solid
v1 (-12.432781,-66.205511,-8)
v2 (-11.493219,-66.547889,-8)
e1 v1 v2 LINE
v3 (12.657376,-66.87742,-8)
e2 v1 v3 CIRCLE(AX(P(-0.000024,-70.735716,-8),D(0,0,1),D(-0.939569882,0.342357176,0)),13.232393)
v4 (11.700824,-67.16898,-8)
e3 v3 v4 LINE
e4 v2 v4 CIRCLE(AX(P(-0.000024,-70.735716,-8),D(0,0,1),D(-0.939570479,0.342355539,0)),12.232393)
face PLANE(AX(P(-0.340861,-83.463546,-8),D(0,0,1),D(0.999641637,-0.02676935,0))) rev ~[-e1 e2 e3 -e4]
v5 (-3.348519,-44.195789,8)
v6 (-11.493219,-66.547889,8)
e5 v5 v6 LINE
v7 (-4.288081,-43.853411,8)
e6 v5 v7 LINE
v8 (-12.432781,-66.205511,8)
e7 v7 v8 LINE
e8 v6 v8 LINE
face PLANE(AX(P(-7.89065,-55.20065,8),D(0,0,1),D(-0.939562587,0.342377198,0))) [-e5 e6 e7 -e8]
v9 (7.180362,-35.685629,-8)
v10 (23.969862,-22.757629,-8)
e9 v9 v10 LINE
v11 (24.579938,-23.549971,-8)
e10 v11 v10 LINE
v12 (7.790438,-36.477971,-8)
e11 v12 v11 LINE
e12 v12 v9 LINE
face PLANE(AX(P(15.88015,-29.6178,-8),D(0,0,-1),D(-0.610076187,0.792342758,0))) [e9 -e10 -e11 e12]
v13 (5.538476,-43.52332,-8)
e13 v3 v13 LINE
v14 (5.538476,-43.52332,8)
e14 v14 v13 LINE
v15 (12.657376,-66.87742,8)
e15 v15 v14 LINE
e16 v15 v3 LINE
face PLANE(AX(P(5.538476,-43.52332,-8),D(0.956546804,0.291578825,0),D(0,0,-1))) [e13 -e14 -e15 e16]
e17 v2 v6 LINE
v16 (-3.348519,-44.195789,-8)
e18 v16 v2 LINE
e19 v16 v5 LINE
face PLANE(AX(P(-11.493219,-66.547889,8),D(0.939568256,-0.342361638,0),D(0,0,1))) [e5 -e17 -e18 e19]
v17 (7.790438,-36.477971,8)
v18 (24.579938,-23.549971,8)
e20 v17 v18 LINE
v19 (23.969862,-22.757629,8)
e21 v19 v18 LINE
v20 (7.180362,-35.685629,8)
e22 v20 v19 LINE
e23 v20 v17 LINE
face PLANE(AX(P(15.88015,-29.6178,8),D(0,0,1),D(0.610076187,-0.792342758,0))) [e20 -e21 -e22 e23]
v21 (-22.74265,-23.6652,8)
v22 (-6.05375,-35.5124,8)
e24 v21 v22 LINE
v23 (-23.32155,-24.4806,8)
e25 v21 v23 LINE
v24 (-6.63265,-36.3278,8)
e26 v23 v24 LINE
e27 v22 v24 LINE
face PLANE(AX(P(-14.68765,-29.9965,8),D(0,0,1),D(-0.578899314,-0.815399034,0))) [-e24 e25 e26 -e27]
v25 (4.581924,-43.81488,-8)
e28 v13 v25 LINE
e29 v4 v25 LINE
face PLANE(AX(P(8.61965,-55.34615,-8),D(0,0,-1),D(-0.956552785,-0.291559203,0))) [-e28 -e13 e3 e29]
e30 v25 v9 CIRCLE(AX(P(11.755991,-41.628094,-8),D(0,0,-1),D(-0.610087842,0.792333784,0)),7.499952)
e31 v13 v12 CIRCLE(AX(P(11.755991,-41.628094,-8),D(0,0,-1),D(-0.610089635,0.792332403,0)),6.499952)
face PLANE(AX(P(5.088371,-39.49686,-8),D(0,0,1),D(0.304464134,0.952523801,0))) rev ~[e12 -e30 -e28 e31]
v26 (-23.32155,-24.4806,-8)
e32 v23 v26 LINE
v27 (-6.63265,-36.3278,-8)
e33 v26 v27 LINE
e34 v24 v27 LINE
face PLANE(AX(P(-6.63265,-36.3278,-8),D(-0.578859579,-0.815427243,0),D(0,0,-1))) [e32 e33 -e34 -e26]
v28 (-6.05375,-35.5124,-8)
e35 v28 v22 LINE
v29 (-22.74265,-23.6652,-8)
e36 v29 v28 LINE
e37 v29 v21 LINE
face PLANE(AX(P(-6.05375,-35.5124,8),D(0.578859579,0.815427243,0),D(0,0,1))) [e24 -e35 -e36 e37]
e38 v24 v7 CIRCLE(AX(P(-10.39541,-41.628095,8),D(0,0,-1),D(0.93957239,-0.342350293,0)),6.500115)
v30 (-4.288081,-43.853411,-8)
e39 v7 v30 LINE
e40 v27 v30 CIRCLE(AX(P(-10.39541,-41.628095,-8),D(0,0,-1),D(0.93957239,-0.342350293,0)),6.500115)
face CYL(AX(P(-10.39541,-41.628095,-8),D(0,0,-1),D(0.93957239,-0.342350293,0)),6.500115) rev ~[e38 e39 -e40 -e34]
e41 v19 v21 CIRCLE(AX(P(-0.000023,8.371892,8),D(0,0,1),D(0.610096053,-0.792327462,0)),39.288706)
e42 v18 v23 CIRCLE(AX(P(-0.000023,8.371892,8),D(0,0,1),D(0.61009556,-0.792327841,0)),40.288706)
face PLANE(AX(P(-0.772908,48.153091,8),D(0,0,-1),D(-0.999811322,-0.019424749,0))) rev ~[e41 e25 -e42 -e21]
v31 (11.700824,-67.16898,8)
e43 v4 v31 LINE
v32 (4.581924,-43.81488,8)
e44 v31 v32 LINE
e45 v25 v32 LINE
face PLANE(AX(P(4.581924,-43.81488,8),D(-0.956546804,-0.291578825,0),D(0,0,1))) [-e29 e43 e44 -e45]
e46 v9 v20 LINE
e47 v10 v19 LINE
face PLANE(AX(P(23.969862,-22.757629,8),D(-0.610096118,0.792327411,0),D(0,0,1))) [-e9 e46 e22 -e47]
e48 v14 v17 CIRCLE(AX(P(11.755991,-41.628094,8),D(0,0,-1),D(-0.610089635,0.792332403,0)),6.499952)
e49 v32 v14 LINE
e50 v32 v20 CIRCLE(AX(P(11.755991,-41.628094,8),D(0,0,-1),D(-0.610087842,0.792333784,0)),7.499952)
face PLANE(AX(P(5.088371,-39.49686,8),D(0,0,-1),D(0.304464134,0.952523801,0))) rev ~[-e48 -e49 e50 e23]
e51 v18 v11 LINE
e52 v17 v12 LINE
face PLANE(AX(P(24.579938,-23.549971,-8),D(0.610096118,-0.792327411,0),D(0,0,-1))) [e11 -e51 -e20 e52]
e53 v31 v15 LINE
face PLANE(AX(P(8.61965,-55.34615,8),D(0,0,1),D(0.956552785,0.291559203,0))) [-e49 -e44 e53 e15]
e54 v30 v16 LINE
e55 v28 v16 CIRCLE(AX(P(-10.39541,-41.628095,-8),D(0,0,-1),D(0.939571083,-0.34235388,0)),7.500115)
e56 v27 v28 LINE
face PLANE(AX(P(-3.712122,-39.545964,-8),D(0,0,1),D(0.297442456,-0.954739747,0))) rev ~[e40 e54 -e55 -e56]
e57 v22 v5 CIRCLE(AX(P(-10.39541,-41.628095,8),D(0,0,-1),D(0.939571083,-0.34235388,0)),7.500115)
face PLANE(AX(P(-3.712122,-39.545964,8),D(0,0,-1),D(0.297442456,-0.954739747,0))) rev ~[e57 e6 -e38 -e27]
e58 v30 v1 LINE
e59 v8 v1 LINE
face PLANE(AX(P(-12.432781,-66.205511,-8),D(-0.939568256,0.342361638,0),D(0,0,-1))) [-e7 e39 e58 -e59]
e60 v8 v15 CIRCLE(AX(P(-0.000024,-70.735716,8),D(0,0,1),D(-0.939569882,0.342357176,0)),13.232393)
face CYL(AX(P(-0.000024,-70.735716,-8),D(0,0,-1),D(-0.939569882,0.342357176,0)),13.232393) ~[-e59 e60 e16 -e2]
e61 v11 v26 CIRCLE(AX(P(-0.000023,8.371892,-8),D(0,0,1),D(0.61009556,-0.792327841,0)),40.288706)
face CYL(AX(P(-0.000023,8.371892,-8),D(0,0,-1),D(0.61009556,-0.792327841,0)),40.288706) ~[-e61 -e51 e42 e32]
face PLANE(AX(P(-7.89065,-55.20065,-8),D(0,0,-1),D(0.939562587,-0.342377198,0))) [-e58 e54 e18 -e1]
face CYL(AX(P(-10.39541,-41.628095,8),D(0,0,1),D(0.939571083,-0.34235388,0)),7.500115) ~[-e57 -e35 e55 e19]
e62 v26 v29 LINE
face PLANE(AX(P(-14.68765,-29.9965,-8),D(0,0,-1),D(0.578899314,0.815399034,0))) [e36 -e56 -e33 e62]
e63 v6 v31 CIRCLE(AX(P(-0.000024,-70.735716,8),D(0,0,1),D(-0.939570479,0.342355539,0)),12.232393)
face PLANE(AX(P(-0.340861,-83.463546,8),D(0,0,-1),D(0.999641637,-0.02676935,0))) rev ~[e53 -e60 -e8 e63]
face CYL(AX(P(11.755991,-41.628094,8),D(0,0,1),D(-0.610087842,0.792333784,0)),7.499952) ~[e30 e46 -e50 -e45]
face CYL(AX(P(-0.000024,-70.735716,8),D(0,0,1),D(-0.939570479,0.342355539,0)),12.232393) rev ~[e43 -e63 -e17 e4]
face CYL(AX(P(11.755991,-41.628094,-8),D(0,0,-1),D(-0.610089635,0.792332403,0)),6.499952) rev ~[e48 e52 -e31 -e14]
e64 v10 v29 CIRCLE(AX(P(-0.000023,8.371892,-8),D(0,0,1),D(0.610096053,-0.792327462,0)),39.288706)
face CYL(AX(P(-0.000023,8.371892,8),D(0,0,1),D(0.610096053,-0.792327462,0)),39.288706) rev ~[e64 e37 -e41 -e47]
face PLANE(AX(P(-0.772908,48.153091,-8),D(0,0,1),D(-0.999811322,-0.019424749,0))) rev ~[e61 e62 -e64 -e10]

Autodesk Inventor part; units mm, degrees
sketch "Skizzenpfad" plane through (0, 0, 0) normal (0, 0, 1) x (1, 0, 0)
  arc A0 (24.2749, -23.1538) -> (-23.0321, -24.0729) centre (0, 8.3719) ccw
  arc A1 (7.4854, -36.0818) -> (5.0602, -43.6691) centre (11.756, -41.6281) ccw
  arc A2 (-11.963, -66.3767) -> (12.1791, -67.0232) centre (0, -70.7357) ccw
  arc A3 (-3.8183, -44.0246) -> (-6.3432, -35.9201) centre (-10.3952, -41.6281) ccw
  line L0 (-6.3432, -35.9201) -> (-23.0321, -24.0729)
  line L1 (24.2749, -23.1538) -> (7.4854, -36.0818)
  line L2 (5.0602, -43.6691) -> (12.1791, -67.0232)
  line L3 (-11.963, -66.3767) -> (-3.8183, -44.0246)
ref_plane "Querschnittsebene" through (-23.0321, -24.0729, 0) normal (0.8154, -0.5789, 0) x (0, 0, 1)
ref_plane "Arbeitsebene2" through (0, 8.3719, 0) normal (-1, 0, 0) x (0, 0, 1)
ref_plane "Arbeitsebene3" through (0, -70.7357, 0) normal (-0.136, 0.9907, 0) x (0, 0, 1)
sketch "Querschnitt" plane through (-23.0321, -24.0729, 0) normal (0.8154, -0.5789, 0) x (0, 0, 1)
  line L0 (-8, 0.5) -> (8, 0.5)
  line L1 (8, 0.5) -> (8, -0.5)
  line L2 (8, -0.5) -> (-8, -0.5)
  line L3 (-8, -0.5) -> (-8, 0.5)
  line L4 (-8, 0) -> (8, 0) construction
  point P0 (0, 0)
  point P1 (0, 0)
  dimension "d0" = 16
  dimension "d4" = 0.5
  dimension "d5" = 0.5
sweep "Riemen" add profiles "Querschnitt" path "Skizzenpfad"
equation "\"d0\" = da_B"
equation "\"d4\" = da_a"
equation "\"d5\" = da_a2"
equation "\"da_B\" = 16"
equation "\"da_pb\" = 5"
equation "\"da_L\" = 355"
equation "\"da_a\" = 0.5"
equation "\"da_S\" = 2.65"
equation "\"da_Beta\" = 20deg"
equation "\"da_Ht\" = 1.2"
equation "\"da_H\" = 2.2"
equation "\"da_a2\" = 0.5"
properties part number "Zahnriemen" material "Rubber"
